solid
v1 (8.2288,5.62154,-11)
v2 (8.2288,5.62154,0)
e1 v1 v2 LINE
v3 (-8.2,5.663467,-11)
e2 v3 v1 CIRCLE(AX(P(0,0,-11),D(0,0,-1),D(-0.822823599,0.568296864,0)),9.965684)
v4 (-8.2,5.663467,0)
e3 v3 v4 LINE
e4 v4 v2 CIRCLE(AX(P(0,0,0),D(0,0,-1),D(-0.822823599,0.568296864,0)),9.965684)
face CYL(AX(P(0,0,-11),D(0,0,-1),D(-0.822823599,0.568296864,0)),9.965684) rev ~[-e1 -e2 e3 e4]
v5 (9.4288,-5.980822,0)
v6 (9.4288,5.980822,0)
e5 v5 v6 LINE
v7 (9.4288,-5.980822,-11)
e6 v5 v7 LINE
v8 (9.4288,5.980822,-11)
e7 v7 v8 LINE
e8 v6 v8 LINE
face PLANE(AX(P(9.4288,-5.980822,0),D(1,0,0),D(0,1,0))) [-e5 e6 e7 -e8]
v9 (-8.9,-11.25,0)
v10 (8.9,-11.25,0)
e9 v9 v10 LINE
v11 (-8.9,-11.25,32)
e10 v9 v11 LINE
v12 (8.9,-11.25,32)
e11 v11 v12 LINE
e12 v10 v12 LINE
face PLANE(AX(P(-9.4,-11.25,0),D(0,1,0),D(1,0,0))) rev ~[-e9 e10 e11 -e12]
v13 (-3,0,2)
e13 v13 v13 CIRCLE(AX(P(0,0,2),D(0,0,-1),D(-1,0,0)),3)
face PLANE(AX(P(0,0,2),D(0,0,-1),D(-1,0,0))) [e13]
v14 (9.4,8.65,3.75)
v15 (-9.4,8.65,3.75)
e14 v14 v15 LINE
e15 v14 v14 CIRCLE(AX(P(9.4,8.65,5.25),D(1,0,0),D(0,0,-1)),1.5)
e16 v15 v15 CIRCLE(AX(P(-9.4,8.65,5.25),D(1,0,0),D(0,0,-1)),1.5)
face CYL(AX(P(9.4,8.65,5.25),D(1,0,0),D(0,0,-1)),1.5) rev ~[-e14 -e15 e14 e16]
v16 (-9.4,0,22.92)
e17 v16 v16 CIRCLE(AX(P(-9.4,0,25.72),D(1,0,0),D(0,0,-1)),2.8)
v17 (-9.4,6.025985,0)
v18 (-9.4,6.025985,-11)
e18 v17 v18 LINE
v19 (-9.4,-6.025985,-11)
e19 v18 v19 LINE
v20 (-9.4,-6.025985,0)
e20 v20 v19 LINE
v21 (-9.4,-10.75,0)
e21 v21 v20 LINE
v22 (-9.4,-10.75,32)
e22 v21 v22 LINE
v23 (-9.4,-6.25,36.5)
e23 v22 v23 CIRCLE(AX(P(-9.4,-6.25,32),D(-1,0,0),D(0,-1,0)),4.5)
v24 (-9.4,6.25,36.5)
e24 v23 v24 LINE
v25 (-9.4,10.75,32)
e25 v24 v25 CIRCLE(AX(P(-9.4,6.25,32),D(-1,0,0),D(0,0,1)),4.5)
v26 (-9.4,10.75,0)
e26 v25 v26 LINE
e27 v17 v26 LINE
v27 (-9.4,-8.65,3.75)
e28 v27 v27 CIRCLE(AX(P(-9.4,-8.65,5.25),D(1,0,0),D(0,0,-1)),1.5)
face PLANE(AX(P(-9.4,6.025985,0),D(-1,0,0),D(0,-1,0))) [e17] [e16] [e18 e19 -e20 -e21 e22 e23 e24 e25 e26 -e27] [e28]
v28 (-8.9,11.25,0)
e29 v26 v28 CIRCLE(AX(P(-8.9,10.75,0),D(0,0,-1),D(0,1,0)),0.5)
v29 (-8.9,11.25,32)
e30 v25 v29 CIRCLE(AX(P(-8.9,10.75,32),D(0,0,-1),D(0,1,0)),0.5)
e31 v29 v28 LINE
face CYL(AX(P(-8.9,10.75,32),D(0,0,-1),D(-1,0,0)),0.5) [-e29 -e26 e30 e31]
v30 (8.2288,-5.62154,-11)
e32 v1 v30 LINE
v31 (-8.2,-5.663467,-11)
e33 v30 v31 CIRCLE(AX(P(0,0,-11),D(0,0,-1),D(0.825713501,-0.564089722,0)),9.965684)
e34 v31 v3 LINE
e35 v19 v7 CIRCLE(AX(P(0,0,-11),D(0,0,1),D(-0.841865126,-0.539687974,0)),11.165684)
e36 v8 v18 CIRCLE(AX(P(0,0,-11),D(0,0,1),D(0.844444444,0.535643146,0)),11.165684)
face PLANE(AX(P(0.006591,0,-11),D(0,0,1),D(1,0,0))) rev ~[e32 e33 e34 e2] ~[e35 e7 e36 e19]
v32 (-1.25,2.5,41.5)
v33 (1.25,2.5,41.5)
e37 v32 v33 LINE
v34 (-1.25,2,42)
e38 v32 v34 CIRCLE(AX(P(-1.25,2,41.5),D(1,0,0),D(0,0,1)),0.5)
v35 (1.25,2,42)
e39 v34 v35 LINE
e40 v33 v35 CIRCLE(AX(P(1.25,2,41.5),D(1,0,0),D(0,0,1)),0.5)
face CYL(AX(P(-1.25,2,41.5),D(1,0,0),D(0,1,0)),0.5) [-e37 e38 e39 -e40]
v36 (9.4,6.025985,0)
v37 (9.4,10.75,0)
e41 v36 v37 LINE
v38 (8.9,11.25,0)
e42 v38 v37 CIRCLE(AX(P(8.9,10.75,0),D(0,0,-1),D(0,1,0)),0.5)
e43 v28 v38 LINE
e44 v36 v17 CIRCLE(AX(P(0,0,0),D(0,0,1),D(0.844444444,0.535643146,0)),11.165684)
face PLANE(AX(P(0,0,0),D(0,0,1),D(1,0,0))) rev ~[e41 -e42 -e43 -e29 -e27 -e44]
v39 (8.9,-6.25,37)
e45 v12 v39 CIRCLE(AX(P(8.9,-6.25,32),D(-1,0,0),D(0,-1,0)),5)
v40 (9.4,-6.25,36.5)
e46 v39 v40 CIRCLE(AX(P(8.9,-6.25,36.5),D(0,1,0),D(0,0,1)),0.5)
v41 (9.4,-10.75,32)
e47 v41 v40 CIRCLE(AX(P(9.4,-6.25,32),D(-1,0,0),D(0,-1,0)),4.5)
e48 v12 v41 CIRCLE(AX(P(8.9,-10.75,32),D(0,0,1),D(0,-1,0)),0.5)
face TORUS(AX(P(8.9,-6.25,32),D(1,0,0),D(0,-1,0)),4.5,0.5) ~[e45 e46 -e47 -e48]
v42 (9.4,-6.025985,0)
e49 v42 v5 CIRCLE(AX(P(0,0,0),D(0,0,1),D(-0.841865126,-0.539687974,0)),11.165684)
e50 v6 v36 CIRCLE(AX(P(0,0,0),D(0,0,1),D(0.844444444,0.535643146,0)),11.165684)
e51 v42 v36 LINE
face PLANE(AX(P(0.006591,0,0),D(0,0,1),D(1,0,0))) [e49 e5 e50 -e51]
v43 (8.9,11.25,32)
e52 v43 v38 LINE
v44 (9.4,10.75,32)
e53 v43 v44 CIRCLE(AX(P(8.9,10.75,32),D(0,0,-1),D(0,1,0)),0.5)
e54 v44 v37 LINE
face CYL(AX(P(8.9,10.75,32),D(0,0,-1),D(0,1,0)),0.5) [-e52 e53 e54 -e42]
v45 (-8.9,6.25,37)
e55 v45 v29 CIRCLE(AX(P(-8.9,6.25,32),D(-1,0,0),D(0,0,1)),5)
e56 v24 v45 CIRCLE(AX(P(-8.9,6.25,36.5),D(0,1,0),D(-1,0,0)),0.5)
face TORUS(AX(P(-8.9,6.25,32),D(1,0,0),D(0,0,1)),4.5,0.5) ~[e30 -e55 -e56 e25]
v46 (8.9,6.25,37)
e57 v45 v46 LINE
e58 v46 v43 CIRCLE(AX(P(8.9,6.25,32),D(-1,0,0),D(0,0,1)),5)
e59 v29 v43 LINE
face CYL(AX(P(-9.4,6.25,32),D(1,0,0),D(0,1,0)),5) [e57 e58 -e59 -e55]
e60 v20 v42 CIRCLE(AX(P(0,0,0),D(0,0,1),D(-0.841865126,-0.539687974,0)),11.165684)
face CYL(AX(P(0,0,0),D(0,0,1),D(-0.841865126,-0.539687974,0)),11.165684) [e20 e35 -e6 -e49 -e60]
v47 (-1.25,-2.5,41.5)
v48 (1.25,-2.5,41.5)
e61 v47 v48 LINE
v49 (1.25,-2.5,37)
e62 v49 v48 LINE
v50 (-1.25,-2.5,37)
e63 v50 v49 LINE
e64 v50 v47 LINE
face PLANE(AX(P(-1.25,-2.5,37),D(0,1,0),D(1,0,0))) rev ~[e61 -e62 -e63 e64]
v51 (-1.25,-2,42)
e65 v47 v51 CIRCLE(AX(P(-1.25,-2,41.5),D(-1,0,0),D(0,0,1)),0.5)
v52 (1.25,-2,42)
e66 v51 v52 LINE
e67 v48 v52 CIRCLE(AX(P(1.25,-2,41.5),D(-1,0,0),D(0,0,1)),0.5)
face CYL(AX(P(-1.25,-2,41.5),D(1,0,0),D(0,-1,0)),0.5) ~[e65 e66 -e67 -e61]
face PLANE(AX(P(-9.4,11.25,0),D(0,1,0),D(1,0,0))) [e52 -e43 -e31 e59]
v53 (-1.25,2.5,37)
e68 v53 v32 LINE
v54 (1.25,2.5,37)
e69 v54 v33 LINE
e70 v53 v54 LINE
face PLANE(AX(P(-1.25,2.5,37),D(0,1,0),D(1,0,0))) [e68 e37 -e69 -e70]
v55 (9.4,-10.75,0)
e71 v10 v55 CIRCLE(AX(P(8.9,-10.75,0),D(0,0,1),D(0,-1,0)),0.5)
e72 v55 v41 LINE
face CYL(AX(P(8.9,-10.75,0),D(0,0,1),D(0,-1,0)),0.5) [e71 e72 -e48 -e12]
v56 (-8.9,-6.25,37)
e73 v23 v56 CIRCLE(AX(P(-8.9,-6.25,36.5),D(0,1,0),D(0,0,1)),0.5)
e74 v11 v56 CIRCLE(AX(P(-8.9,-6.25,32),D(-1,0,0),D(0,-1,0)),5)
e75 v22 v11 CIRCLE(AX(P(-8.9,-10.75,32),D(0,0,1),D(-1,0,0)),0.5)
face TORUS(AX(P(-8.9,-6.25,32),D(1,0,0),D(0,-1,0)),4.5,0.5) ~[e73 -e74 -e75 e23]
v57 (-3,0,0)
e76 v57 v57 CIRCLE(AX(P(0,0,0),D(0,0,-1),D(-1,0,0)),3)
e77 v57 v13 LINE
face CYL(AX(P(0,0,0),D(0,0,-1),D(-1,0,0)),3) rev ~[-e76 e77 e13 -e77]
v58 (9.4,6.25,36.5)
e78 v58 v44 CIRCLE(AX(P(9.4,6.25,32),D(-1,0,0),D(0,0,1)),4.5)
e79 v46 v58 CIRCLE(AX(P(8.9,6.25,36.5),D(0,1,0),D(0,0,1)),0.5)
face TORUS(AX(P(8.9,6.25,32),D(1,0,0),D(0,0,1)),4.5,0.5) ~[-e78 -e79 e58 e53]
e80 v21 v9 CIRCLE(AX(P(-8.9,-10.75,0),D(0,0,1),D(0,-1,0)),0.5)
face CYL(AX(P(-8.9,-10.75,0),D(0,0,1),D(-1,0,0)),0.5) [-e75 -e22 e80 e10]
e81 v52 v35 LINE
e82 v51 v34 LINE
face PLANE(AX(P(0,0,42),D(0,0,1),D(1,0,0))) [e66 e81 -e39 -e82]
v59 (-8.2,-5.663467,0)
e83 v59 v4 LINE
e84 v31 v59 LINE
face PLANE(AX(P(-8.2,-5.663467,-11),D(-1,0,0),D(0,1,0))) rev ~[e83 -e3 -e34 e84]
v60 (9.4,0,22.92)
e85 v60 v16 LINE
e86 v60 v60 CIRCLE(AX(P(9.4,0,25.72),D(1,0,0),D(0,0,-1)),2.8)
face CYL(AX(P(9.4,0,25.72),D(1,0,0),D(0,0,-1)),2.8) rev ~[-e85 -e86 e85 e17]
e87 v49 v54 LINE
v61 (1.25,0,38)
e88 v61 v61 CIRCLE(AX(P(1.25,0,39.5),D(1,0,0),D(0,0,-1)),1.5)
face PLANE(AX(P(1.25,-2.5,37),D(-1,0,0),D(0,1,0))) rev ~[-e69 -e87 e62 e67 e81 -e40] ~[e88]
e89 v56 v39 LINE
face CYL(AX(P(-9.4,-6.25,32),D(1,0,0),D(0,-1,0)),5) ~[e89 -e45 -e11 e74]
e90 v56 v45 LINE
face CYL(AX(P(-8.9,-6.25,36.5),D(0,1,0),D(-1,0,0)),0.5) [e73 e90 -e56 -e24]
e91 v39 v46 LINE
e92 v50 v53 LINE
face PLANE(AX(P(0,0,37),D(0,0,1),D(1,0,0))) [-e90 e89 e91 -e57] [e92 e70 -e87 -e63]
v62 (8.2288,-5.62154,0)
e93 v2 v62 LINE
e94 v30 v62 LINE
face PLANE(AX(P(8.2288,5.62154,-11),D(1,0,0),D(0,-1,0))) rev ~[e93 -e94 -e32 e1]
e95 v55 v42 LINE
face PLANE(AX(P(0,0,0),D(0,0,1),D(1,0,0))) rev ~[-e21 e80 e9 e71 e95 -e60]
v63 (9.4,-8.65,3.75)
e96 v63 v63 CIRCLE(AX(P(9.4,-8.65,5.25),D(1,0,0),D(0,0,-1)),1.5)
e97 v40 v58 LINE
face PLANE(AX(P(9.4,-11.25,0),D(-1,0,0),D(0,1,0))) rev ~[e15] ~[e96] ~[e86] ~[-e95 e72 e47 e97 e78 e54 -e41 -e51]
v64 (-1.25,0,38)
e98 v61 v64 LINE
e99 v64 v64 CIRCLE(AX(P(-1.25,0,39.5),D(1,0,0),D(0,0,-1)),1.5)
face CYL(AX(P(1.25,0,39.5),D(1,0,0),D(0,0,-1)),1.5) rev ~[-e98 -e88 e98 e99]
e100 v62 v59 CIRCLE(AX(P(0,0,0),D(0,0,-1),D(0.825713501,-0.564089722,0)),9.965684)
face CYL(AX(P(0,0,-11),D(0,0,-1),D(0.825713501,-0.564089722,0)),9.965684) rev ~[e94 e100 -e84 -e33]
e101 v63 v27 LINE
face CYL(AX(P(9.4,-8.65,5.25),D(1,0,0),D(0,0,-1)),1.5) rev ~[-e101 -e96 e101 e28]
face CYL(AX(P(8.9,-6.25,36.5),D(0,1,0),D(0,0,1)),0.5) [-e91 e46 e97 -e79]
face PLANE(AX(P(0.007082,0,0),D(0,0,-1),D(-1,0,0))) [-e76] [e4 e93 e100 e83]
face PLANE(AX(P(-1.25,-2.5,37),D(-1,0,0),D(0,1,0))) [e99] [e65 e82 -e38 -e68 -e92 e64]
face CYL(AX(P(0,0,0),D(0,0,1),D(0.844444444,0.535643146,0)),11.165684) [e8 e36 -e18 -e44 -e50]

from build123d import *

# Parameters (mm, degrees)
SKETCH1_W           = 18.8
SKETCH1_H           = 22.5
BOSS_EXTRUDE1_DEPTH = 37
BOSS_EXTRUDE2_DEPTH = 11
FILLET1_R           = 5
SKETCH3_R           = 1.5
CUT_EXTRUDE1_DEPTH  = 19.8
SKETCH4_W           = 2.5
SKETCH4_H           = 5
BOSS_EXTRUDE3_DEPTH = 5
FILLET2_R           = 0.5
SKETCH5_R           = 1.5
CUT_EXTRUDE2_DEPTH  = 5
SKETCH6_R           = 2.8
CUT_EXTRUDE3_DEPTH  = 19.8
CUT_EXTRUDE4_DEPTH  = 11
SKETCH8_R           = 3
CUT_EXTRUDE5_DEPTH  = 2


with BuildPart() as part:
    # Sketch1 → Boss-Extrude1 (new body)
    with BuildSketch(Plane.XY):
        Rectangle(SKETCH1_W, SKETCH1_H)
    extrude(amount=BOSS_EXTRUDE1_DEPTH)

    # Sketch2 → Boss-Extrude2 (add)
    with BuildSketch(Plane(origin=(0, 0, 0), x_dir=(-1, 0, 0), z_dir=(0, 0, -1))):
        with BuildLine():
            Line((9.4, 6.025985397), (9.4, -6.025985397))
            ThreePointArc((9.4, -6.025985397), (-0.026782234, -11.165651916), (-9.428799853, -5.980822129))
            Line((-9.428799853, -5.980822129), (-9.428799853, 5.980822129))
            ThreePointArc((-9.428799853, 5.980822129), (-0.026782234, 11.165651916), (9.4, 6.025985397))
        make_face()
    extrude(amount=BOSS_EXTRUDE2_DEPTH)

    # Fillet1
    fillet1_edges = [part.edges().sort_by_distance(p)[0] for p in [
        (0, 11.25, 37),
        (0, -11.25, 37),
    ]]
    fillet(fillet1_edges, radius=FILLET1_R)

    # Sketch3 → Cut-Extrude1 (cut, through all)
    with BuildSketch(Plane(origin=(9.4, 0, 0), x_dir=(0, 0, -1), z_dir=(1, 0, 0))):
        with Locations((-5.25, 8.65)):
            Circle(SKETCH3_R)
        with Locations((-5.25, -8.65)):
            Circle(SKETCH3_R)
    extrude(amount=-CUT_EXTRUDE1_DEPTH, mode=Mode.SUBTRACT)

    # Sketch4 → Boss-Extrude3 (add)
    with BuildSketch(Plane.XY.offset(37)):
        Rectangle(SKETCH4_W, SKETCH4_H)
    extrude(amount=BOSS_EXTRUDE3_DEPTH)

    # Fillet2
    fillet2_edges = [part.edges().sort_by_distance(p)[0] for p in [
        (-9.4, 0, 37),
        (9.4, 0, 37),
        (9.4, 11.25, 16),
        (9.4, -11.25, 16),
        (9.4, 9.785533906, 35.535533906),
        (9.4, -9.785533906, 35.535533906),
        (-9.4, -11.25, 16),
        (-9.4, 11.25, 16),
        (-9.4, 9.785533906, 35.535533906),
        (-9.4, -9.785533906, 35.535533906),
        (0, -2.5, 42),
        (0, 2.5, 42),
    ]]
    fillet(fillet2_edges, radius=FILLET2_R)

    # Sketch5 → Cut-Extrude2 (cut)
    with BuildSketch(Plane(origin=(1.25, 0, 0), x_dir=(0, 0, -1), z_dir=(1, 0, 0))):
        with Locations((-39.5, 0)):
            Circle(SKETCH5_R)
    extrude(amount=-CUT_EXTRUDE2_DEPTH, mode=Mode.SUBTRACT)

    # Sketch6 → Cut-Extrude3 (cut, through all)
    with BuildSketch(Plane(origin=(9.4, 0, 0), x_dir=(0, 0, -1), z_dir=(1, 0, 0))):
        with Locations((-25.72, 0)):
            Circle(SKETCH6_R)
    extrude(amount=-CUT_EXTRUDE3_DEPTH, mode=Mode.SUBTRACT)

    # Sketch7 → Cut-Extrude4 (cut)
    with BuildSketch(Plane(origin=(0, 0, -11), x_dir=(-1, 0, 0), z_dir=(0, 0, -1))):
        with BuildLine():
            Line((-8.228799853, 5.62153994), (-8.228799853, -5.62153994))
            ThreePointArc((-8.228799853, -5.62153994), (-0.025432798, -9.965651584), (8.2, -5.663466987))
            Line((8.2, -5.663466987), (8.2, 5.663466987))
            ThreePointArc((8.2, 5.663466987), (-0.025432798, 9.965651584), (-8.228799853, 5.62153994))
        make_face()
    extrude(amount=-CUT_EXTRUDE4_DEPTH, mode=Mode.SUBTRACT)

    # Sketch8 → Cut-Extrude5 (cut)
    with BuildSketch(Plane(origin=(0, 0, 0), x_dir=(-1, 0, 0), z_dir=(0, 0, -1))):
        Circle(SKETCH8_R)
    extrude(amount=-CUT_EXTRUDE5_DEPTH, mode=Mode.SUBTRACT)


solid = part.part
